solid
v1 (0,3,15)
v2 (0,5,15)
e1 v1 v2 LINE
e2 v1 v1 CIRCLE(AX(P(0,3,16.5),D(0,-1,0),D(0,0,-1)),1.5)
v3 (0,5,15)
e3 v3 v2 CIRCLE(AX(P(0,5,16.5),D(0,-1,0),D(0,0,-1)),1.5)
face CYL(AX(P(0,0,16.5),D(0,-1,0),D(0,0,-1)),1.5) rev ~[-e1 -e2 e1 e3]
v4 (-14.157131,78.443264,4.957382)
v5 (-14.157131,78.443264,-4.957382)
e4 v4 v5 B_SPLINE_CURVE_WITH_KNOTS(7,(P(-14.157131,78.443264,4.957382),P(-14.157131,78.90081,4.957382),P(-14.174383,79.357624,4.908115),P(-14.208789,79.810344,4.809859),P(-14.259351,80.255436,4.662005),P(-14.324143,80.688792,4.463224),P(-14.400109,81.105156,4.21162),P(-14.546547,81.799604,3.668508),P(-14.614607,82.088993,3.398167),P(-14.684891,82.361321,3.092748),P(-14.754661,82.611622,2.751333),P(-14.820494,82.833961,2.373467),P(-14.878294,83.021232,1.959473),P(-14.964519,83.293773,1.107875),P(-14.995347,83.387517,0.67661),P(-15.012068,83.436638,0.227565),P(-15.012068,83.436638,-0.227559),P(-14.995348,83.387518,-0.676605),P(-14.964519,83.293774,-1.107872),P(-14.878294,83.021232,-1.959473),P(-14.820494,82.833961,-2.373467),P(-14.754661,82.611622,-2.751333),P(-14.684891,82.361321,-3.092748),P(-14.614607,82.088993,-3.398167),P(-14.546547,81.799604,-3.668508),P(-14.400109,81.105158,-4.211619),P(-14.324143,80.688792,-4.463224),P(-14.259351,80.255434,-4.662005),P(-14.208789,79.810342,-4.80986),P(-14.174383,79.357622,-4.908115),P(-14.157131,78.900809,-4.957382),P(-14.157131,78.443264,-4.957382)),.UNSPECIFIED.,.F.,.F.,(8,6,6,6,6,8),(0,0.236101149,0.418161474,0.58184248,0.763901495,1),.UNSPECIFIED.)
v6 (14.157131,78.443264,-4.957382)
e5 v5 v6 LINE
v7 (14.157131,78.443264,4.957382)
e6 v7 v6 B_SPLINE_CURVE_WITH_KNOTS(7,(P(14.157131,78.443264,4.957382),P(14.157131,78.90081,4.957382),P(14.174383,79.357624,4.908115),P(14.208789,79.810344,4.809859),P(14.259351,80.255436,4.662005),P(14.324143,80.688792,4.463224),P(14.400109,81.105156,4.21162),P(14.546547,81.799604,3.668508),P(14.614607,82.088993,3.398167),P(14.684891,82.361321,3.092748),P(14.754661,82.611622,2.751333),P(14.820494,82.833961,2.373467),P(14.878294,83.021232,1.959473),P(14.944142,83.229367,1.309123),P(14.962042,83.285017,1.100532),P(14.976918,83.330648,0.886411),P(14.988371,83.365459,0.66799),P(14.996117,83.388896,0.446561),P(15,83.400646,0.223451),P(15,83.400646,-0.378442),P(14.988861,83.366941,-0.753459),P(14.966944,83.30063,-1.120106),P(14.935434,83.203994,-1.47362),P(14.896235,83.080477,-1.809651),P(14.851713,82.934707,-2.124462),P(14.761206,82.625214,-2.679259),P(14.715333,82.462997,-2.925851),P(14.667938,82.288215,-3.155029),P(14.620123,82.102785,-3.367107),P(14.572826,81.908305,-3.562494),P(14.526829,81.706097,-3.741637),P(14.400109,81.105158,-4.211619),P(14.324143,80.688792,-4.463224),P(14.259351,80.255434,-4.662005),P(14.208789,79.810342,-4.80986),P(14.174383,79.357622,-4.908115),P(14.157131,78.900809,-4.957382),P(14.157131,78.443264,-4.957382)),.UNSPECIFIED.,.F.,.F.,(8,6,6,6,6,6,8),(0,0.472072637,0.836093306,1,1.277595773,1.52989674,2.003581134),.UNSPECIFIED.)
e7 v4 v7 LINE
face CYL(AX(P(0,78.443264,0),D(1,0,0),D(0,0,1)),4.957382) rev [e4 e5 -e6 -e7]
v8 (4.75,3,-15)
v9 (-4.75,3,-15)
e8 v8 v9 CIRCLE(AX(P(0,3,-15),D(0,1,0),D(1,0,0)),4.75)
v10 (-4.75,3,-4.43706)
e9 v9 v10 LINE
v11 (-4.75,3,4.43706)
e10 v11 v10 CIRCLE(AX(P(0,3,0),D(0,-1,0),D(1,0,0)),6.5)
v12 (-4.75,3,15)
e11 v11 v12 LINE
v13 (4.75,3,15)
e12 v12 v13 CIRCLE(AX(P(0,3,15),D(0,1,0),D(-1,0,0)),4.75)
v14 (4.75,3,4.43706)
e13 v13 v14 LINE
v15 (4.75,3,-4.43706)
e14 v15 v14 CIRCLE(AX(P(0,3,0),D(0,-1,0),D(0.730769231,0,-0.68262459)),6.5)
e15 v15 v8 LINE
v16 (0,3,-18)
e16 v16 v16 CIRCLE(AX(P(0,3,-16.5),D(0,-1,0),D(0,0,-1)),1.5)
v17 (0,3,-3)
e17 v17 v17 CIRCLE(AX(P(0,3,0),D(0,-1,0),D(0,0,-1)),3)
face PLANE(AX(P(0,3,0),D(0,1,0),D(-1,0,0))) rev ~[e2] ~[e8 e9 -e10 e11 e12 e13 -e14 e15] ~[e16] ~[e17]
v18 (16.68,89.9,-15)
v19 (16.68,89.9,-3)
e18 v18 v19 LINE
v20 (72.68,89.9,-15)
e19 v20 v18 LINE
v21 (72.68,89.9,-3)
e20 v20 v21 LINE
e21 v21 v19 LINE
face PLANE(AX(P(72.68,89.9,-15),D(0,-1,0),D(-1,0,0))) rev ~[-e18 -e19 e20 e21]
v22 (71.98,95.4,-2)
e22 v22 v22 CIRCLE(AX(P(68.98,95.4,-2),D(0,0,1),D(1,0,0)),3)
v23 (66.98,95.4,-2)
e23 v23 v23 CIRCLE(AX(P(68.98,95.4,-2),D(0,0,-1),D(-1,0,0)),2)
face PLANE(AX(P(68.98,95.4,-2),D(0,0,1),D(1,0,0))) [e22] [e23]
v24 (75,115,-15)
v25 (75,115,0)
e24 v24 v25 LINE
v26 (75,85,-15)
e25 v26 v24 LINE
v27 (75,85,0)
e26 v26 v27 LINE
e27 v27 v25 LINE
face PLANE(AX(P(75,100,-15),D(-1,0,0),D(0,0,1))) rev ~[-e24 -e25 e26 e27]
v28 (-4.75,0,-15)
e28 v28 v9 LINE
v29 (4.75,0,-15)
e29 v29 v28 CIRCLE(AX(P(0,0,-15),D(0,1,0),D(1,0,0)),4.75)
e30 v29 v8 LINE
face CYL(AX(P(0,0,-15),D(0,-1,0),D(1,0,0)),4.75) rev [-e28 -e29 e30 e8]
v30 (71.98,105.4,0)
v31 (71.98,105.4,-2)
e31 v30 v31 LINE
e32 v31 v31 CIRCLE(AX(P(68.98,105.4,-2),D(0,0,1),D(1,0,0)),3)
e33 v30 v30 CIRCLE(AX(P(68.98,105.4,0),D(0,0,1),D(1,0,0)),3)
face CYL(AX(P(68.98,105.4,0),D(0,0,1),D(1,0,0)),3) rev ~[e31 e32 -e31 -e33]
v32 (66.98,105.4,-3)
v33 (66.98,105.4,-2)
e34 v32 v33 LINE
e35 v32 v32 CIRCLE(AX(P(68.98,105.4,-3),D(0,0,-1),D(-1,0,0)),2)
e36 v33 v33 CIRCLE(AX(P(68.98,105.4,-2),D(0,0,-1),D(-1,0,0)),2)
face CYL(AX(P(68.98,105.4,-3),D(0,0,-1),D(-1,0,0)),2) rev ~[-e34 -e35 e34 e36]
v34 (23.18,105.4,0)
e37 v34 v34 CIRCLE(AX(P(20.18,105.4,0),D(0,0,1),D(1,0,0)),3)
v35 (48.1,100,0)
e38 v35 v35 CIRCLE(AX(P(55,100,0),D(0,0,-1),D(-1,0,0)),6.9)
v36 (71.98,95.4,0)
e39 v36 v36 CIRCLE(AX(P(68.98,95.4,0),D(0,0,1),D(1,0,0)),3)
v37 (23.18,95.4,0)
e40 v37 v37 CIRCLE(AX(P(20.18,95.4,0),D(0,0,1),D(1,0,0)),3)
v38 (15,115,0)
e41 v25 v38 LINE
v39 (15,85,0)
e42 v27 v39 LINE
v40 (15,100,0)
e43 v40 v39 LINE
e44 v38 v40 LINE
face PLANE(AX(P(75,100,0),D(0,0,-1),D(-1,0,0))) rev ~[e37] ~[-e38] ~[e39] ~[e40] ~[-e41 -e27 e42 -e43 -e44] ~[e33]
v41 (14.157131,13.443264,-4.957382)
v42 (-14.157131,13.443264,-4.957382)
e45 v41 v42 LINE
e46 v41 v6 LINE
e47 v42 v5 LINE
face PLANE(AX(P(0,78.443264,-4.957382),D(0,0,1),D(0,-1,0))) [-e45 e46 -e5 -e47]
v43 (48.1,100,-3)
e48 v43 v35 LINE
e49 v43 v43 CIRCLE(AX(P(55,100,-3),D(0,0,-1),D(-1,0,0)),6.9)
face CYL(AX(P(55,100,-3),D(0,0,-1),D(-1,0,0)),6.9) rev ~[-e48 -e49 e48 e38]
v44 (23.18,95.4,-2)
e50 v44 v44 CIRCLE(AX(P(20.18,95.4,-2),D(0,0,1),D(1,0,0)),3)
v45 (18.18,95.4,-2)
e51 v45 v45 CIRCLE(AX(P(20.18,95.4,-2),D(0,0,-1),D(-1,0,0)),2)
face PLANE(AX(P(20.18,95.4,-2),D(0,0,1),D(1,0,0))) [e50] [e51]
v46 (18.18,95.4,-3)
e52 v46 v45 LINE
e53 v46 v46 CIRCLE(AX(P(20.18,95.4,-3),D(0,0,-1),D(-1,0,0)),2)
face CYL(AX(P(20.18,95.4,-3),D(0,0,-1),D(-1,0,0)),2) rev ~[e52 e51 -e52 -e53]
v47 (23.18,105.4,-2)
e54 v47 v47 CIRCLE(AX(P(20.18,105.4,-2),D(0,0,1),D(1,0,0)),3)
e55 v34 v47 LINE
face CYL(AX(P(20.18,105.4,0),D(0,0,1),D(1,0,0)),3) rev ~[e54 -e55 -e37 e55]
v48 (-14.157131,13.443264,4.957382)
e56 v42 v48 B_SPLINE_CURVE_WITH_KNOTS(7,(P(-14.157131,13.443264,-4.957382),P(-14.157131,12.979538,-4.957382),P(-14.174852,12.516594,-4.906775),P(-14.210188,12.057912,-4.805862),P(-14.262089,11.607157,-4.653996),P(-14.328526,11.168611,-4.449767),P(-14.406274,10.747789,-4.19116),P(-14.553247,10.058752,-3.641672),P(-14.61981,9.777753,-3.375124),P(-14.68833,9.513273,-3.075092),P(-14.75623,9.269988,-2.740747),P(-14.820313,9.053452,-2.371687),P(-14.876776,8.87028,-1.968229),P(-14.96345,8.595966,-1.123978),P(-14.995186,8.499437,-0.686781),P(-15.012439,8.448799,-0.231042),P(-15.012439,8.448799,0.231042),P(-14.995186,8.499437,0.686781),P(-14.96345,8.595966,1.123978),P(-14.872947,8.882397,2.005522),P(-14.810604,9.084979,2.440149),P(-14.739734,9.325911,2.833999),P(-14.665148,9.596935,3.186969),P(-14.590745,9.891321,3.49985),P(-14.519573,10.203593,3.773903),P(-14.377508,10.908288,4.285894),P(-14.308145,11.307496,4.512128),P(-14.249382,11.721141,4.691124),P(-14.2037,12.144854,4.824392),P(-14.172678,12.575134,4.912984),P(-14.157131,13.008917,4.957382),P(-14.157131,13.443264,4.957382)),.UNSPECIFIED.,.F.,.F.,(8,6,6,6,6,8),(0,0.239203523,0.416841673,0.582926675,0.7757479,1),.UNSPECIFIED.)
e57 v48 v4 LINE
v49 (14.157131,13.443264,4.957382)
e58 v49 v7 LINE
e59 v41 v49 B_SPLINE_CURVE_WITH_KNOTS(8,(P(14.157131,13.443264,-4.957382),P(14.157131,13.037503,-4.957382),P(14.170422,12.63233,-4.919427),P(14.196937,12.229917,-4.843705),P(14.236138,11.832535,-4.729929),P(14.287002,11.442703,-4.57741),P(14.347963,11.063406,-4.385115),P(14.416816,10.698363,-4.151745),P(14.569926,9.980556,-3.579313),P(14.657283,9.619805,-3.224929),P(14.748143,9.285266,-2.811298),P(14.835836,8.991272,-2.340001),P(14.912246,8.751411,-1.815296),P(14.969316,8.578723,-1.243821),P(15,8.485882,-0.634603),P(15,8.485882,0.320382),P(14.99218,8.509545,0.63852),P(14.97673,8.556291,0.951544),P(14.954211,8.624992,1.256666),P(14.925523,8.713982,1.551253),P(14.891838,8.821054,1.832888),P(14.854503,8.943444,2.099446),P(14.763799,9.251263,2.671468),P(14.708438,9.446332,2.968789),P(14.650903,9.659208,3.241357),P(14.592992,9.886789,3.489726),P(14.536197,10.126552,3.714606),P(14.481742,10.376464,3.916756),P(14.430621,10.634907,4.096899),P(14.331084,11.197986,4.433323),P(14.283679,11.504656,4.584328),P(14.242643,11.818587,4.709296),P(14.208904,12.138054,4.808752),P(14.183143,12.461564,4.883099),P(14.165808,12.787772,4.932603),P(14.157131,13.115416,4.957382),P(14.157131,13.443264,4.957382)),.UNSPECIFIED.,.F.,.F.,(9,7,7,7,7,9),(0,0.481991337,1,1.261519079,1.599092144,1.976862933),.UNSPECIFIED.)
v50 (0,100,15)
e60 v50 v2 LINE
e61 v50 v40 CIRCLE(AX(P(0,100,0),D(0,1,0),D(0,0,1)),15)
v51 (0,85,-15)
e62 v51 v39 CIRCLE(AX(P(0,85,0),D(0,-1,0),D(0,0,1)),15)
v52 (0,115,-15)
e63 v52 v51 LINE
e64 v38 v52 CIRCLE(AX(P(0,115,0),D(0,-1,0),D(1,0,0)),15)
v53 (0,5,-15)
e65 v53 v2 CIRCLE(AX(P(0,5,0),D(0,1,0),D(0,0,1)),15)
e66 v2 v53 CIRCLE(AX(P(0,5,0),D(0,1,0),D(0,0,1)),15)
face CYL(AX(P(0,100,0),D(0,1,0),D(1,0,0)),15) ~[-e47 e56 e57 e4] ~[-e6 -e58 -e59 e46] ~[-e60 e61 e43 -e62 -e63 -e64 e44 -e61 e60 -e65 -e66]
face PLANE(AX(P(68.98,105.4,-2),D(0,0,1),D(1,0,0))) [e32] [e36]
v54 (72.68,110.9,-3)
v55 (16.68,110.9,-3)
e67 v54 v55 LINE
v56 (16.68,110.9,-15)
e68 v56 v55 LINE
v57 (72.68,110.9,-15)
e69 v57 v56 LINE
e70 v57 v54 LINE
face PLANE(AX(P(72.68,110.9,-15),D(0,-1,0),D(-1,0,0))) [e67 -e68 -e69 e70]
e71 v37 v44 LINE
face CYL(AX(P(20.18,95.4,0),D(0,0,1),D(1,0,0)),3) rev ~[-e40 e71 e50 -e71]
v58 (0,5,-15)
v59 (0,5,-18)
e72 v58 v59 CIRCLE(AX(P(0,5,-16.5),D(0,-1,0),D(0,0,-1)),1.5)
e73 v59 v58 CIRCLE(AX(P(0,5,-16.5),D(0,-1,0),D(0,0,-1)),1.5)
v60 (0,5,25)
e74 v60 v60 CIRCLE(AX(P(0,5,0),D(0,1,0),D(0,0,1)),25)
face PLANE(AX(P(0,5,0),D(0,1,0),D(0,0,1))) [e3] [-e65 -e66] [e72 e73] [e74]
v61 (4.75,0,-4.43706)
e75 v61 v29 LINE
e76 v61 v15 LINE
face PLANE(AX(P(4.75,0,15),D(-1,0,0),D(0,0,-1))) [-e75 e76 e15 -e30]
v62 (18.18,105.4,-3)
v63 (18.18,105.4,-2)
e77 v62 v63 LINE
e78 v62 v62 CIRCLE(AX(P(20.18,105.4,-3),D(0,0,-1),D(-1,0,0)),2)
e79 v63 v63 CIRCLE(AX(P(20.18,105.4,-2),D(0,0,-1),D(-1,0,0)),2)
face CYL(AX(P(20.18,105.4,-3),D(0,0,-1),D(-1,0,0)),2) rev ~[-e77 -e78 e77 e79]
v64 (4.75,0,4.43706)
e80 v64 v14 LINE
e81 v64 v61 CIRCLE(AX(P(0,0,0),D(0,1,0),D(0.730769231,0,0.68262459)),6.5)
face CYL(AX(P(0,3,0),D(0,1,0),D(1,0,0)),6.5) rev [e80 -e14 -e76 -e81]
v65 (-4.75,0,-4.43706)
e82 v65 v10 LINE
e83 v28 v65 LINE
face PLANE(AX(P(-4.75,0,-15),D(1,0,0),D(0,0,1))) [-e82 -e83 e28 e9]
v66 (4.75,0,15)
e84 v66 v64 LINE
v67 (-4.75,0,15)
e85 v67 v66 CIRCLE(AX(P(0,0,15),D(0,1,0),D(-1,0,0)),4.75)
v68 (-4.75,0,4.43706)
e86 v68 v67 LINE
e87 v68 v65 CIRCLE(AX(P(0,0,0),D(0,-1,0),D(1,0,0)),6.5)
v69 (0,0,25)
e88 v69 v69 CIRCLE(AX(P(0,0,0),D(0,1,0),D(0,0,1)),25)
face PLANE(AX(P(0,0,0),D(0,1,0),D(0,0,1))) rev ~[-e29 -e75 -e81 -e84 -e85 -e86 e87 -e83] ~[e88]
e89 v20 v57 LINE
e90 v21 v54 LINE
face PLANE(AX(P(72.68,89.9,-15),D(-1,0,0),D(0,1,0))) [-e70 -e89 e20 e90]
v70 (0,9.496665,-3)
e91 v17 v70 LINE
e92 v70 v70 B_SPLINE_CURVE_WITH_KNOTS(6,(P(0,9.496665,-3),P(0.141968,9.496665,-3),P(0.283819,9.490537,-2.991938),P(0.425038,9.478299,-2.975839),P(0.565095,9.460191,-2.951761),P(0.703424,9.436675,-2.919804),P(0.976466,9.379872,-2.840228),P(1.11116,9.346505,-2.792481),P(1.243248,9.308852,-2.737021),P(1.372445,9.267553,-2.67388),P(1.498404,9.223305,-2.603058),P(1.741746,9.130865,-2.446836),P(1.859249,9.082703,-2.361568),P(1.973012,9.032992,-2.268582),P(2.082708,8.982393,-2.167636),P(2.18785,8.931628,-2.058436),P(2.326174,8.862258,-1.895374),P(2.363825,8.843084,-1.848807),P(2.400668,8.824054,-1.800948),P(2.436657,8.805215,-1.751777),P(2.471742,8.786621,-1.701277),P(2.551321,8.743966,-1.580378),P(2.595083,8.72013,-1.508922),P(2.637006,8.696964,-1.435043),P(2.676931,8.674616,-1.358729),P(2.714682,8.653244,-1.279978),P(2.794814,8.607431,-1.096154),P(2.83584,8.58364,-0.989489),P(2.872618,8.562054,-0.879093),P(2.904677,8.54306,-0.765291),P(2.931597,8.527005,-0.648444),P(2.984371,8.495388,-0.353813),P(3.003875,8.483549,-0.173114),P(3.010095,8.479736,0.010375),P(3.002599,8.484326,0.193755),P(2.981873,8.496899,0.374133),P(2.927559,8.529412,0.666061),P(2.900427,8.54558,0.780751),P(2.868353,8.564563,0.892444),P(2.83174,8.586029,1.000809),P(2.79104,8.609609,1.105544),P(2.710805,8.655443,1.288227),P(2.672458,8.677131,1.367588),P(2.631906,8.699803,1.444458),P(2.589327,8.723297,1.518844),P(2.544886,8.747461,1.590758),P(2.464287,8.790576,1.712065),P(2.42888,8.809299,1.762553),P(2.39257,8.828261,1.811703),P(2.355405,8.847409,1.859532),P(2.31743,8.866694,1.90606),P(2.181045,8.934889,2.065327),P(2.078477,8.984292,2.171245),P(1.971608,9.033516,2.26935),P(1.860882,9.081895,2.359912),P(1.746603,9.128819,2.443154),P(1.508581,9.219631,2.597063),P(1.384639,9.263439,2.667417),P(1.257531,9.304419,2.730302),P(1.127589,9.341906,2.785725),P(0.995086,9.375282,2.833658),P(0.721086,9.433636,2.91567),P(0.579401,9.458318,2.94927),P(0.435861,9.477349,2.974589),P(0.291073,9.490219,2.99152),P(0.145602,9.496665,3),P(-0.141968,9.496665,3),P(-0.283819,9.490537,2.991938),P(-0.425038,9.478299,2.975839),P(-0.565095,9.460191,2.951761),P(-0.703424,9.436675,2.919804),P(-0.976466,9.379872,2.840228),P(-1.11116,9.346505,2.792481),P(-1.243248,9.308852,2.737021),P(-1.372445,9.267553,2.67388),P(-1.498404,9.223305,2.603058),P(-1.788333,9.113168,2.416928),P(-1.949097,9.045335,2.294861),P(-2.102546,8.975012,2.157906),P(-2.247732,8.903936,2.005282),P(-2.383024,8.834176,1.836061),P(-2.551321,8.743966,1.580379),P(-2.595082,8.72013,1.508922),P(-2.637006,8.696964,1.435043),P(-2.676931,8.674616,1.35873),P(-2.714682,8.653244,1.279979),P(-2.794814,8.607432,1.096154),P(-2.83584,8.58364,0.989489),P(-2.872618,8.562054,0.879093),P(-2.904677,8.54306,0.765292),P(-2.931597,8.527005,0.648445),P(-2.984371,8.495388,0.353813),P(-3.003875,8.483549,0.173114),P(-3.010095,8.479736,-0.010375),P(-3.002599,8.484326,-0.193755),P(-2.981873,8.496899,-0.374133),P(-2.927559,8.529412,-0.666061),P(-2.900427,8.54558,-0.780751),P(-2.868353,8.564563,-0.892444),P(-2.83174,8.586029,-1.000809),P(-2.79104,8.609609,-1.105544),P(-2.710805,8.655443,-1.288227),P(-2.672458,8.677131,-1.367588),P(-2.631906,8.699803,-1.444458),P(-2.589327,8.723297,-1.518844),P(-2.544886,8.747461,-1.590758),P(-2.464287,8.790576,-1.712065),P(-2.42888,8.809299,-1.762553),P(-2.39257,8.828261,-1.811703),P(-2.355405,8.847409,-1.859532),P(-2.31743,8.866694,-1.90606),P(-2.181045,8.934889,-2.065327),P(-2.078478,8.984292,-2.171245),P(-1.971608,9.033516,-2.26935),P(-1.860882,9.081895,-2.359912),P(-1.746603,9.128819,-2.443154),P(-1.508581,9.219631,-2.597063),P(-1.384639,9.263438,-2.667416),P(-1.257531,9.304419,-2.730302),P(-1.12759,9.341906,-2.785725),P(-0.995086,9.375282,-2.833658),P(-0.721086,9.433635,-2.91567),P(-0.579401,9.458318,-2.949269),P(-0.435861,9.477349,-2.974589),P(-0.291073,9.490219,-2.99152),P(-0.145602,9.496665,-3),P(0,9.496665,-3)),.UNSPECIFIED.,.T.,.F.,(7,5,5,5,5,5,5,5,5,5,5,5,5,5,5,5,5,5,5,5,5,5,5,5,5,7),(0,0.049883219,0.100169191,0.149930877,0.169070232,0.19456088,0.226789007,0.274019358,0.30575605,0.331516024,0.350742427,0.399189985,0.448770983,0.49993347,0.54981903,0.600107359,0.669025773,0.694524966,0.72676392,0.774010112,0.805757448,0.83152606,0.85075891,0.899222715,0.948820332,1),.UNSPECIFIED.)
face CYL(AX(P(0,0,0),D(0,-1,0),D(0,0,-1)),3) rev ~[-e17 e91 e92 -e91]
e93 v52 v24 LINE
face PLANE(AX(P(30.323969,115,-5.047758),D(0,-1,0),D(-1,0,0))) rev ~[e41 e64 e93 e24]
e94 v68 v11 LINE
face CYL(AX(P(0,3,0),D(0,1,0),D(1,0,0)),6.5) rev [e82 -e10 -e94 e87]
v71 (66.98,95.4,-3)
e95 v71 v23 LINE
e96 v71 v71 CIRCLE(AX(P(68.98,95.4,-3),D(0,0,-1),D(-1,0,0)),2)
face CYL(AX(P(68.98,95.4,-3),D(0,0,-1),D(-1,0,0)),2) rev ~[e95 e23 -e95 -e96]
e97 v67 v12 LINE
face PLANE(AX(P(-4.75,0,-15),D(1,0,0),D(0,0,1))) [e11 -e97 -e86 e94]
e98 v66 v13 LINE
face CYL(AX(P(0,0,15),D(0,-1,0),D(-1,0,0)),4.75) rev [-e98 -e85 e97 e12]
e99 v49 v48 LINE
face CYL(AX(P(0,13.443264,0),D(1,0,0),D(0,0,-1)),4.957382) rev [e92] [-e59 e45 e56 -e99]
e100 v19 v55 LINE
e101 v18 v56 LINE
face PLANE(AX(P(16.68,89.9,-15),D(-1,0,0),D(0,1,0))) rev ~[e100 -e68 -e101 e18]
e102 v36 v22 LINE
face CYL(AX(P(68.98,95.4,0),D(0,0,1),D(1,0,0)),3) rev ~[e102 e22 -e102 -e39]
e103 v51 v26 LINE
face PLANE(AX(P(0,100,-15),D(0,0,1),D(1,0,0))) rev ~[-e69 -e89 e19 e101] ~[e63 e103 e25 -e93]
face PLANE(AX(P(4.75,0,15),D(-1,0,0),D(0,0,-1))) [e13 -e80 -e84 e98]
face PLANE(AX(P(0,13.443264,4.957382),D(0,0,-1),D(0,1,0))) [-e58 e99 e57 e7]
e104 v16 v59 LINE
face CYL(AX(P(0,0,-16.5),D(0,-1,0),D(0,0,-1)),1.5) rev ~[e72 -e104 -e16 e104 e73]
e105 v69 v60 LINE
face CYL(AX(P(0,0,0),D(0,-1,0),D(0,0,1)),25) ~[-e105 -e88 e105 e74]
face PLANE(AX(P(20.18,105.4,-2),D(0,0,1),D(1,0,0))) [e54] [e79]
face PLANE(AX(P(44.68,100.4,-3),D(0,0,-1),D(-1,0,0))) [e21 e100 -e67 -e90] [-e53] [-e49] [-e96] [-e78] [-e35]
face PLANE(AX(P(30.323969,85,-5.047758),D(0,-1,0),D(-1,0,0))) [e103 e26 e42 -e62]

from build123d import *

# Parameters (mm, degrees)
SKETCH1_R           = 25
BOSS_EXTRUDE1_DEPTH = 5
SKETCH2_R           = 15
BOSS_EXTRUDE2_DEPTH = 95
BOSS_EXTRUDE4_DEPTH = 15
CUT_EXTRUDE1_DEPTH  = 20
SKETCH15_W          = 56
SKETCH15_H          = 21
CUT_EXTRUDE3_DEPTH  = 12
SKETCH17_R          = 2
SKETCH17_R_2        = 6.9
CUT_EXTRUDE4_DEPTH  = 5
SKETCH20_R          = 3
CUT_EXTRUDE5_DEPTH  = 2
SKETCH22_R          = 3
SKETCH22_R_2        = 1.5
CUT_EXTRUDE6_DEPTH  = 10
CUT_EXTRUDE7_DEPTH  = 3
SKETCH24_R          = 6.5
CUT_EXTRUDE8_DEPTH  = 3


with BuildPart() as part:
    # Sketch1 → Boss-Extrude1 (new body)
    with BuildSketch(Plane(origin=(0, 0, 0), x_dir=(1, 0, 0), z_dir=(0, 1, 0))):
        with Locations(Location((0, 0, 0), (0, 0, 270))):
            Circle(SKETCH1_R)
    extrude(amount=BOSS_EXTRUDE1_DEPTH)

    # Sketch2 → Boss-Extrude2 (add)
    with BuildSketch(Plane(origin=(0, 5, 0), x_dir=(1, 0, 0), z_dir=(0, 1, 0))):
        with Locations(Location((0, 0, 0), (0, 0, 270))):
            Circle(SKETCH2_R)
    extrude(amount=BOSS_EXTRUDE2_DEPTH)

    # Sketch5 → Boss-Extrude4 (add, symmetric)
    with BuildSketch(Plane(origin=(0, 100, 0), x_dir=(1, 0, 0), z_dir=(0, 1, 0))):
        with BuildLine():
            Line((75, 0), (15, 0))
            ThreePointArc((15, 0), (-10.606601718, -10.606601718), (0, 15))
            Line((0, 15), (75, 15))
            Line((75, 15), (75, 0))
        make_face()
    extrude(amount=BOSS_EXTRUDE4_DEPTH, both=True)

    # Sketch13 → Cut-Extrude1 (cut, symmetric)
    with BuildSketch(Plane(origin=(0, 0, 0), x_dir=(0, 0, -1), z_dir=(1, 0, 0))):
        with BuildLine():
            Line((4.957382287, 78.443263872), (4.957382287, 13.443263872))
            ThreePointArc((4.957382287, 13.443263872), (0, 8.485881586), (-4.957382287, 13.443263872))
            Line((-4.957382287, 13.443263872), (-4.957382287, 78.443263872))
            ThreePointArc((-4.957382287, 78.443263872), (0, 83.400646159), (4.957382287, 78.443263872))
        make_face()
    extrude(amount=CUT_EXTRUDE1_DEPTH, both=True, mode=Mode.SUBTRACT)

    # Sketch15 → Cut-Extrude3 (cut)
    with BuildSketch(Plane(origin=(0, 0, -15), x_dir=(-1, 0, 0), z_dir=(0, 0, -1))):
        with Locations((-44.68, 100.4)):
            Rectangle(SKETCH15_W, SKETCH15_H)
    extrude(amount=-CUT_EXTRUDE3_DEPTH, mode=Mode.SUBTRACT)

    # Sketch17 → Cut-Extrude4 (cut)
    with BuildSketch(Plane(origin=(0, 0, -3), x_dir=(-1, 0, 0), z_dir=(0, 0, -1))):
        with Locations((-68.98, 105.4)):
            Circle(SKETCH17_R)
        with Locations((-68.98, 95.4)):
            Circle(SKETCH17_R)
        with Locations((-20.18, 105.4)):
            Circle(SKETCH17_R)
        with Locations((-20.18, 95.4)):
            Circle(SKETCH17_R)
        with Locations((-55, 100)):
            Circle(SKETCH17_R_2)
    extrude(amount=-CUT_EXTRUDE4_DEPTH, mode=Mode.SUBTRACT)

    # Sketch20 → Cut-Extrude5 (cut)
    with BuildSketch(Plane.XY):
        with Locations((20.18, 105.4)):
            Circle(SKETCH20_R)
        with Locations((20.18, 95.4)):
            Circle(SKETCH20_R)
        with Locations((68.98, 105.4)):
            Circle(SKETCH20_R)
        with Locations((68.98, 95.4)):
            Circle(SKETCH20_R)
    extrude(amount=-CUT_EXTRUDE5_DEPTH, mode=Mode.SUBTRACT)

    # Sketch22 → Cut-Extrude6 (cut)
    with BuildSketch(Plane.XZ):
        with Locations(Location((0, 0, 0), (0, 0, 270))):
            Circle(SKETCH22_R)
        with Locations(Location((0, 16.5, 0), (0, 0, 270))):
            Circle(SKETCH22_R_2)
        with Locations(Location((0, -16.5, 0), (0, 0, 270))):
            Circle(SKETCH22_R_2)
    extrude(amount=-CUT_EXTRUDE6_DEPTH, mode=Mode.SUBTRACT)

    # Sketch23 → Cut-Extrude7 (cut)
    with BuildSketch(Plane.XZ):
        with BuildLine():
            Line((4.75, 15), (4.75, -15))
            ThreePointArc((4.75, -15), (0, -19.75), (-4.75, -15))
            Line((-4.75, -15), (-4.75, 15))
            ThreePointArc((-4.75, 15), (0, 19.75), (4.75, 15))
        make_face()
    extrude(amount=-CUT_EXTRUDE7_DEPTH, mode=Mode.SUBTRACT)

    # Sketch24 → Cut-Extrude8 (cut)
    with BuildSketch(Plane.XZ.offset(-3)):
        Circle(SKETCH24_R)
    extrude(amount=CUT_EXTRUDE8_DEPTH, mode=Mode.SUBTRACT)


solid = part.part
